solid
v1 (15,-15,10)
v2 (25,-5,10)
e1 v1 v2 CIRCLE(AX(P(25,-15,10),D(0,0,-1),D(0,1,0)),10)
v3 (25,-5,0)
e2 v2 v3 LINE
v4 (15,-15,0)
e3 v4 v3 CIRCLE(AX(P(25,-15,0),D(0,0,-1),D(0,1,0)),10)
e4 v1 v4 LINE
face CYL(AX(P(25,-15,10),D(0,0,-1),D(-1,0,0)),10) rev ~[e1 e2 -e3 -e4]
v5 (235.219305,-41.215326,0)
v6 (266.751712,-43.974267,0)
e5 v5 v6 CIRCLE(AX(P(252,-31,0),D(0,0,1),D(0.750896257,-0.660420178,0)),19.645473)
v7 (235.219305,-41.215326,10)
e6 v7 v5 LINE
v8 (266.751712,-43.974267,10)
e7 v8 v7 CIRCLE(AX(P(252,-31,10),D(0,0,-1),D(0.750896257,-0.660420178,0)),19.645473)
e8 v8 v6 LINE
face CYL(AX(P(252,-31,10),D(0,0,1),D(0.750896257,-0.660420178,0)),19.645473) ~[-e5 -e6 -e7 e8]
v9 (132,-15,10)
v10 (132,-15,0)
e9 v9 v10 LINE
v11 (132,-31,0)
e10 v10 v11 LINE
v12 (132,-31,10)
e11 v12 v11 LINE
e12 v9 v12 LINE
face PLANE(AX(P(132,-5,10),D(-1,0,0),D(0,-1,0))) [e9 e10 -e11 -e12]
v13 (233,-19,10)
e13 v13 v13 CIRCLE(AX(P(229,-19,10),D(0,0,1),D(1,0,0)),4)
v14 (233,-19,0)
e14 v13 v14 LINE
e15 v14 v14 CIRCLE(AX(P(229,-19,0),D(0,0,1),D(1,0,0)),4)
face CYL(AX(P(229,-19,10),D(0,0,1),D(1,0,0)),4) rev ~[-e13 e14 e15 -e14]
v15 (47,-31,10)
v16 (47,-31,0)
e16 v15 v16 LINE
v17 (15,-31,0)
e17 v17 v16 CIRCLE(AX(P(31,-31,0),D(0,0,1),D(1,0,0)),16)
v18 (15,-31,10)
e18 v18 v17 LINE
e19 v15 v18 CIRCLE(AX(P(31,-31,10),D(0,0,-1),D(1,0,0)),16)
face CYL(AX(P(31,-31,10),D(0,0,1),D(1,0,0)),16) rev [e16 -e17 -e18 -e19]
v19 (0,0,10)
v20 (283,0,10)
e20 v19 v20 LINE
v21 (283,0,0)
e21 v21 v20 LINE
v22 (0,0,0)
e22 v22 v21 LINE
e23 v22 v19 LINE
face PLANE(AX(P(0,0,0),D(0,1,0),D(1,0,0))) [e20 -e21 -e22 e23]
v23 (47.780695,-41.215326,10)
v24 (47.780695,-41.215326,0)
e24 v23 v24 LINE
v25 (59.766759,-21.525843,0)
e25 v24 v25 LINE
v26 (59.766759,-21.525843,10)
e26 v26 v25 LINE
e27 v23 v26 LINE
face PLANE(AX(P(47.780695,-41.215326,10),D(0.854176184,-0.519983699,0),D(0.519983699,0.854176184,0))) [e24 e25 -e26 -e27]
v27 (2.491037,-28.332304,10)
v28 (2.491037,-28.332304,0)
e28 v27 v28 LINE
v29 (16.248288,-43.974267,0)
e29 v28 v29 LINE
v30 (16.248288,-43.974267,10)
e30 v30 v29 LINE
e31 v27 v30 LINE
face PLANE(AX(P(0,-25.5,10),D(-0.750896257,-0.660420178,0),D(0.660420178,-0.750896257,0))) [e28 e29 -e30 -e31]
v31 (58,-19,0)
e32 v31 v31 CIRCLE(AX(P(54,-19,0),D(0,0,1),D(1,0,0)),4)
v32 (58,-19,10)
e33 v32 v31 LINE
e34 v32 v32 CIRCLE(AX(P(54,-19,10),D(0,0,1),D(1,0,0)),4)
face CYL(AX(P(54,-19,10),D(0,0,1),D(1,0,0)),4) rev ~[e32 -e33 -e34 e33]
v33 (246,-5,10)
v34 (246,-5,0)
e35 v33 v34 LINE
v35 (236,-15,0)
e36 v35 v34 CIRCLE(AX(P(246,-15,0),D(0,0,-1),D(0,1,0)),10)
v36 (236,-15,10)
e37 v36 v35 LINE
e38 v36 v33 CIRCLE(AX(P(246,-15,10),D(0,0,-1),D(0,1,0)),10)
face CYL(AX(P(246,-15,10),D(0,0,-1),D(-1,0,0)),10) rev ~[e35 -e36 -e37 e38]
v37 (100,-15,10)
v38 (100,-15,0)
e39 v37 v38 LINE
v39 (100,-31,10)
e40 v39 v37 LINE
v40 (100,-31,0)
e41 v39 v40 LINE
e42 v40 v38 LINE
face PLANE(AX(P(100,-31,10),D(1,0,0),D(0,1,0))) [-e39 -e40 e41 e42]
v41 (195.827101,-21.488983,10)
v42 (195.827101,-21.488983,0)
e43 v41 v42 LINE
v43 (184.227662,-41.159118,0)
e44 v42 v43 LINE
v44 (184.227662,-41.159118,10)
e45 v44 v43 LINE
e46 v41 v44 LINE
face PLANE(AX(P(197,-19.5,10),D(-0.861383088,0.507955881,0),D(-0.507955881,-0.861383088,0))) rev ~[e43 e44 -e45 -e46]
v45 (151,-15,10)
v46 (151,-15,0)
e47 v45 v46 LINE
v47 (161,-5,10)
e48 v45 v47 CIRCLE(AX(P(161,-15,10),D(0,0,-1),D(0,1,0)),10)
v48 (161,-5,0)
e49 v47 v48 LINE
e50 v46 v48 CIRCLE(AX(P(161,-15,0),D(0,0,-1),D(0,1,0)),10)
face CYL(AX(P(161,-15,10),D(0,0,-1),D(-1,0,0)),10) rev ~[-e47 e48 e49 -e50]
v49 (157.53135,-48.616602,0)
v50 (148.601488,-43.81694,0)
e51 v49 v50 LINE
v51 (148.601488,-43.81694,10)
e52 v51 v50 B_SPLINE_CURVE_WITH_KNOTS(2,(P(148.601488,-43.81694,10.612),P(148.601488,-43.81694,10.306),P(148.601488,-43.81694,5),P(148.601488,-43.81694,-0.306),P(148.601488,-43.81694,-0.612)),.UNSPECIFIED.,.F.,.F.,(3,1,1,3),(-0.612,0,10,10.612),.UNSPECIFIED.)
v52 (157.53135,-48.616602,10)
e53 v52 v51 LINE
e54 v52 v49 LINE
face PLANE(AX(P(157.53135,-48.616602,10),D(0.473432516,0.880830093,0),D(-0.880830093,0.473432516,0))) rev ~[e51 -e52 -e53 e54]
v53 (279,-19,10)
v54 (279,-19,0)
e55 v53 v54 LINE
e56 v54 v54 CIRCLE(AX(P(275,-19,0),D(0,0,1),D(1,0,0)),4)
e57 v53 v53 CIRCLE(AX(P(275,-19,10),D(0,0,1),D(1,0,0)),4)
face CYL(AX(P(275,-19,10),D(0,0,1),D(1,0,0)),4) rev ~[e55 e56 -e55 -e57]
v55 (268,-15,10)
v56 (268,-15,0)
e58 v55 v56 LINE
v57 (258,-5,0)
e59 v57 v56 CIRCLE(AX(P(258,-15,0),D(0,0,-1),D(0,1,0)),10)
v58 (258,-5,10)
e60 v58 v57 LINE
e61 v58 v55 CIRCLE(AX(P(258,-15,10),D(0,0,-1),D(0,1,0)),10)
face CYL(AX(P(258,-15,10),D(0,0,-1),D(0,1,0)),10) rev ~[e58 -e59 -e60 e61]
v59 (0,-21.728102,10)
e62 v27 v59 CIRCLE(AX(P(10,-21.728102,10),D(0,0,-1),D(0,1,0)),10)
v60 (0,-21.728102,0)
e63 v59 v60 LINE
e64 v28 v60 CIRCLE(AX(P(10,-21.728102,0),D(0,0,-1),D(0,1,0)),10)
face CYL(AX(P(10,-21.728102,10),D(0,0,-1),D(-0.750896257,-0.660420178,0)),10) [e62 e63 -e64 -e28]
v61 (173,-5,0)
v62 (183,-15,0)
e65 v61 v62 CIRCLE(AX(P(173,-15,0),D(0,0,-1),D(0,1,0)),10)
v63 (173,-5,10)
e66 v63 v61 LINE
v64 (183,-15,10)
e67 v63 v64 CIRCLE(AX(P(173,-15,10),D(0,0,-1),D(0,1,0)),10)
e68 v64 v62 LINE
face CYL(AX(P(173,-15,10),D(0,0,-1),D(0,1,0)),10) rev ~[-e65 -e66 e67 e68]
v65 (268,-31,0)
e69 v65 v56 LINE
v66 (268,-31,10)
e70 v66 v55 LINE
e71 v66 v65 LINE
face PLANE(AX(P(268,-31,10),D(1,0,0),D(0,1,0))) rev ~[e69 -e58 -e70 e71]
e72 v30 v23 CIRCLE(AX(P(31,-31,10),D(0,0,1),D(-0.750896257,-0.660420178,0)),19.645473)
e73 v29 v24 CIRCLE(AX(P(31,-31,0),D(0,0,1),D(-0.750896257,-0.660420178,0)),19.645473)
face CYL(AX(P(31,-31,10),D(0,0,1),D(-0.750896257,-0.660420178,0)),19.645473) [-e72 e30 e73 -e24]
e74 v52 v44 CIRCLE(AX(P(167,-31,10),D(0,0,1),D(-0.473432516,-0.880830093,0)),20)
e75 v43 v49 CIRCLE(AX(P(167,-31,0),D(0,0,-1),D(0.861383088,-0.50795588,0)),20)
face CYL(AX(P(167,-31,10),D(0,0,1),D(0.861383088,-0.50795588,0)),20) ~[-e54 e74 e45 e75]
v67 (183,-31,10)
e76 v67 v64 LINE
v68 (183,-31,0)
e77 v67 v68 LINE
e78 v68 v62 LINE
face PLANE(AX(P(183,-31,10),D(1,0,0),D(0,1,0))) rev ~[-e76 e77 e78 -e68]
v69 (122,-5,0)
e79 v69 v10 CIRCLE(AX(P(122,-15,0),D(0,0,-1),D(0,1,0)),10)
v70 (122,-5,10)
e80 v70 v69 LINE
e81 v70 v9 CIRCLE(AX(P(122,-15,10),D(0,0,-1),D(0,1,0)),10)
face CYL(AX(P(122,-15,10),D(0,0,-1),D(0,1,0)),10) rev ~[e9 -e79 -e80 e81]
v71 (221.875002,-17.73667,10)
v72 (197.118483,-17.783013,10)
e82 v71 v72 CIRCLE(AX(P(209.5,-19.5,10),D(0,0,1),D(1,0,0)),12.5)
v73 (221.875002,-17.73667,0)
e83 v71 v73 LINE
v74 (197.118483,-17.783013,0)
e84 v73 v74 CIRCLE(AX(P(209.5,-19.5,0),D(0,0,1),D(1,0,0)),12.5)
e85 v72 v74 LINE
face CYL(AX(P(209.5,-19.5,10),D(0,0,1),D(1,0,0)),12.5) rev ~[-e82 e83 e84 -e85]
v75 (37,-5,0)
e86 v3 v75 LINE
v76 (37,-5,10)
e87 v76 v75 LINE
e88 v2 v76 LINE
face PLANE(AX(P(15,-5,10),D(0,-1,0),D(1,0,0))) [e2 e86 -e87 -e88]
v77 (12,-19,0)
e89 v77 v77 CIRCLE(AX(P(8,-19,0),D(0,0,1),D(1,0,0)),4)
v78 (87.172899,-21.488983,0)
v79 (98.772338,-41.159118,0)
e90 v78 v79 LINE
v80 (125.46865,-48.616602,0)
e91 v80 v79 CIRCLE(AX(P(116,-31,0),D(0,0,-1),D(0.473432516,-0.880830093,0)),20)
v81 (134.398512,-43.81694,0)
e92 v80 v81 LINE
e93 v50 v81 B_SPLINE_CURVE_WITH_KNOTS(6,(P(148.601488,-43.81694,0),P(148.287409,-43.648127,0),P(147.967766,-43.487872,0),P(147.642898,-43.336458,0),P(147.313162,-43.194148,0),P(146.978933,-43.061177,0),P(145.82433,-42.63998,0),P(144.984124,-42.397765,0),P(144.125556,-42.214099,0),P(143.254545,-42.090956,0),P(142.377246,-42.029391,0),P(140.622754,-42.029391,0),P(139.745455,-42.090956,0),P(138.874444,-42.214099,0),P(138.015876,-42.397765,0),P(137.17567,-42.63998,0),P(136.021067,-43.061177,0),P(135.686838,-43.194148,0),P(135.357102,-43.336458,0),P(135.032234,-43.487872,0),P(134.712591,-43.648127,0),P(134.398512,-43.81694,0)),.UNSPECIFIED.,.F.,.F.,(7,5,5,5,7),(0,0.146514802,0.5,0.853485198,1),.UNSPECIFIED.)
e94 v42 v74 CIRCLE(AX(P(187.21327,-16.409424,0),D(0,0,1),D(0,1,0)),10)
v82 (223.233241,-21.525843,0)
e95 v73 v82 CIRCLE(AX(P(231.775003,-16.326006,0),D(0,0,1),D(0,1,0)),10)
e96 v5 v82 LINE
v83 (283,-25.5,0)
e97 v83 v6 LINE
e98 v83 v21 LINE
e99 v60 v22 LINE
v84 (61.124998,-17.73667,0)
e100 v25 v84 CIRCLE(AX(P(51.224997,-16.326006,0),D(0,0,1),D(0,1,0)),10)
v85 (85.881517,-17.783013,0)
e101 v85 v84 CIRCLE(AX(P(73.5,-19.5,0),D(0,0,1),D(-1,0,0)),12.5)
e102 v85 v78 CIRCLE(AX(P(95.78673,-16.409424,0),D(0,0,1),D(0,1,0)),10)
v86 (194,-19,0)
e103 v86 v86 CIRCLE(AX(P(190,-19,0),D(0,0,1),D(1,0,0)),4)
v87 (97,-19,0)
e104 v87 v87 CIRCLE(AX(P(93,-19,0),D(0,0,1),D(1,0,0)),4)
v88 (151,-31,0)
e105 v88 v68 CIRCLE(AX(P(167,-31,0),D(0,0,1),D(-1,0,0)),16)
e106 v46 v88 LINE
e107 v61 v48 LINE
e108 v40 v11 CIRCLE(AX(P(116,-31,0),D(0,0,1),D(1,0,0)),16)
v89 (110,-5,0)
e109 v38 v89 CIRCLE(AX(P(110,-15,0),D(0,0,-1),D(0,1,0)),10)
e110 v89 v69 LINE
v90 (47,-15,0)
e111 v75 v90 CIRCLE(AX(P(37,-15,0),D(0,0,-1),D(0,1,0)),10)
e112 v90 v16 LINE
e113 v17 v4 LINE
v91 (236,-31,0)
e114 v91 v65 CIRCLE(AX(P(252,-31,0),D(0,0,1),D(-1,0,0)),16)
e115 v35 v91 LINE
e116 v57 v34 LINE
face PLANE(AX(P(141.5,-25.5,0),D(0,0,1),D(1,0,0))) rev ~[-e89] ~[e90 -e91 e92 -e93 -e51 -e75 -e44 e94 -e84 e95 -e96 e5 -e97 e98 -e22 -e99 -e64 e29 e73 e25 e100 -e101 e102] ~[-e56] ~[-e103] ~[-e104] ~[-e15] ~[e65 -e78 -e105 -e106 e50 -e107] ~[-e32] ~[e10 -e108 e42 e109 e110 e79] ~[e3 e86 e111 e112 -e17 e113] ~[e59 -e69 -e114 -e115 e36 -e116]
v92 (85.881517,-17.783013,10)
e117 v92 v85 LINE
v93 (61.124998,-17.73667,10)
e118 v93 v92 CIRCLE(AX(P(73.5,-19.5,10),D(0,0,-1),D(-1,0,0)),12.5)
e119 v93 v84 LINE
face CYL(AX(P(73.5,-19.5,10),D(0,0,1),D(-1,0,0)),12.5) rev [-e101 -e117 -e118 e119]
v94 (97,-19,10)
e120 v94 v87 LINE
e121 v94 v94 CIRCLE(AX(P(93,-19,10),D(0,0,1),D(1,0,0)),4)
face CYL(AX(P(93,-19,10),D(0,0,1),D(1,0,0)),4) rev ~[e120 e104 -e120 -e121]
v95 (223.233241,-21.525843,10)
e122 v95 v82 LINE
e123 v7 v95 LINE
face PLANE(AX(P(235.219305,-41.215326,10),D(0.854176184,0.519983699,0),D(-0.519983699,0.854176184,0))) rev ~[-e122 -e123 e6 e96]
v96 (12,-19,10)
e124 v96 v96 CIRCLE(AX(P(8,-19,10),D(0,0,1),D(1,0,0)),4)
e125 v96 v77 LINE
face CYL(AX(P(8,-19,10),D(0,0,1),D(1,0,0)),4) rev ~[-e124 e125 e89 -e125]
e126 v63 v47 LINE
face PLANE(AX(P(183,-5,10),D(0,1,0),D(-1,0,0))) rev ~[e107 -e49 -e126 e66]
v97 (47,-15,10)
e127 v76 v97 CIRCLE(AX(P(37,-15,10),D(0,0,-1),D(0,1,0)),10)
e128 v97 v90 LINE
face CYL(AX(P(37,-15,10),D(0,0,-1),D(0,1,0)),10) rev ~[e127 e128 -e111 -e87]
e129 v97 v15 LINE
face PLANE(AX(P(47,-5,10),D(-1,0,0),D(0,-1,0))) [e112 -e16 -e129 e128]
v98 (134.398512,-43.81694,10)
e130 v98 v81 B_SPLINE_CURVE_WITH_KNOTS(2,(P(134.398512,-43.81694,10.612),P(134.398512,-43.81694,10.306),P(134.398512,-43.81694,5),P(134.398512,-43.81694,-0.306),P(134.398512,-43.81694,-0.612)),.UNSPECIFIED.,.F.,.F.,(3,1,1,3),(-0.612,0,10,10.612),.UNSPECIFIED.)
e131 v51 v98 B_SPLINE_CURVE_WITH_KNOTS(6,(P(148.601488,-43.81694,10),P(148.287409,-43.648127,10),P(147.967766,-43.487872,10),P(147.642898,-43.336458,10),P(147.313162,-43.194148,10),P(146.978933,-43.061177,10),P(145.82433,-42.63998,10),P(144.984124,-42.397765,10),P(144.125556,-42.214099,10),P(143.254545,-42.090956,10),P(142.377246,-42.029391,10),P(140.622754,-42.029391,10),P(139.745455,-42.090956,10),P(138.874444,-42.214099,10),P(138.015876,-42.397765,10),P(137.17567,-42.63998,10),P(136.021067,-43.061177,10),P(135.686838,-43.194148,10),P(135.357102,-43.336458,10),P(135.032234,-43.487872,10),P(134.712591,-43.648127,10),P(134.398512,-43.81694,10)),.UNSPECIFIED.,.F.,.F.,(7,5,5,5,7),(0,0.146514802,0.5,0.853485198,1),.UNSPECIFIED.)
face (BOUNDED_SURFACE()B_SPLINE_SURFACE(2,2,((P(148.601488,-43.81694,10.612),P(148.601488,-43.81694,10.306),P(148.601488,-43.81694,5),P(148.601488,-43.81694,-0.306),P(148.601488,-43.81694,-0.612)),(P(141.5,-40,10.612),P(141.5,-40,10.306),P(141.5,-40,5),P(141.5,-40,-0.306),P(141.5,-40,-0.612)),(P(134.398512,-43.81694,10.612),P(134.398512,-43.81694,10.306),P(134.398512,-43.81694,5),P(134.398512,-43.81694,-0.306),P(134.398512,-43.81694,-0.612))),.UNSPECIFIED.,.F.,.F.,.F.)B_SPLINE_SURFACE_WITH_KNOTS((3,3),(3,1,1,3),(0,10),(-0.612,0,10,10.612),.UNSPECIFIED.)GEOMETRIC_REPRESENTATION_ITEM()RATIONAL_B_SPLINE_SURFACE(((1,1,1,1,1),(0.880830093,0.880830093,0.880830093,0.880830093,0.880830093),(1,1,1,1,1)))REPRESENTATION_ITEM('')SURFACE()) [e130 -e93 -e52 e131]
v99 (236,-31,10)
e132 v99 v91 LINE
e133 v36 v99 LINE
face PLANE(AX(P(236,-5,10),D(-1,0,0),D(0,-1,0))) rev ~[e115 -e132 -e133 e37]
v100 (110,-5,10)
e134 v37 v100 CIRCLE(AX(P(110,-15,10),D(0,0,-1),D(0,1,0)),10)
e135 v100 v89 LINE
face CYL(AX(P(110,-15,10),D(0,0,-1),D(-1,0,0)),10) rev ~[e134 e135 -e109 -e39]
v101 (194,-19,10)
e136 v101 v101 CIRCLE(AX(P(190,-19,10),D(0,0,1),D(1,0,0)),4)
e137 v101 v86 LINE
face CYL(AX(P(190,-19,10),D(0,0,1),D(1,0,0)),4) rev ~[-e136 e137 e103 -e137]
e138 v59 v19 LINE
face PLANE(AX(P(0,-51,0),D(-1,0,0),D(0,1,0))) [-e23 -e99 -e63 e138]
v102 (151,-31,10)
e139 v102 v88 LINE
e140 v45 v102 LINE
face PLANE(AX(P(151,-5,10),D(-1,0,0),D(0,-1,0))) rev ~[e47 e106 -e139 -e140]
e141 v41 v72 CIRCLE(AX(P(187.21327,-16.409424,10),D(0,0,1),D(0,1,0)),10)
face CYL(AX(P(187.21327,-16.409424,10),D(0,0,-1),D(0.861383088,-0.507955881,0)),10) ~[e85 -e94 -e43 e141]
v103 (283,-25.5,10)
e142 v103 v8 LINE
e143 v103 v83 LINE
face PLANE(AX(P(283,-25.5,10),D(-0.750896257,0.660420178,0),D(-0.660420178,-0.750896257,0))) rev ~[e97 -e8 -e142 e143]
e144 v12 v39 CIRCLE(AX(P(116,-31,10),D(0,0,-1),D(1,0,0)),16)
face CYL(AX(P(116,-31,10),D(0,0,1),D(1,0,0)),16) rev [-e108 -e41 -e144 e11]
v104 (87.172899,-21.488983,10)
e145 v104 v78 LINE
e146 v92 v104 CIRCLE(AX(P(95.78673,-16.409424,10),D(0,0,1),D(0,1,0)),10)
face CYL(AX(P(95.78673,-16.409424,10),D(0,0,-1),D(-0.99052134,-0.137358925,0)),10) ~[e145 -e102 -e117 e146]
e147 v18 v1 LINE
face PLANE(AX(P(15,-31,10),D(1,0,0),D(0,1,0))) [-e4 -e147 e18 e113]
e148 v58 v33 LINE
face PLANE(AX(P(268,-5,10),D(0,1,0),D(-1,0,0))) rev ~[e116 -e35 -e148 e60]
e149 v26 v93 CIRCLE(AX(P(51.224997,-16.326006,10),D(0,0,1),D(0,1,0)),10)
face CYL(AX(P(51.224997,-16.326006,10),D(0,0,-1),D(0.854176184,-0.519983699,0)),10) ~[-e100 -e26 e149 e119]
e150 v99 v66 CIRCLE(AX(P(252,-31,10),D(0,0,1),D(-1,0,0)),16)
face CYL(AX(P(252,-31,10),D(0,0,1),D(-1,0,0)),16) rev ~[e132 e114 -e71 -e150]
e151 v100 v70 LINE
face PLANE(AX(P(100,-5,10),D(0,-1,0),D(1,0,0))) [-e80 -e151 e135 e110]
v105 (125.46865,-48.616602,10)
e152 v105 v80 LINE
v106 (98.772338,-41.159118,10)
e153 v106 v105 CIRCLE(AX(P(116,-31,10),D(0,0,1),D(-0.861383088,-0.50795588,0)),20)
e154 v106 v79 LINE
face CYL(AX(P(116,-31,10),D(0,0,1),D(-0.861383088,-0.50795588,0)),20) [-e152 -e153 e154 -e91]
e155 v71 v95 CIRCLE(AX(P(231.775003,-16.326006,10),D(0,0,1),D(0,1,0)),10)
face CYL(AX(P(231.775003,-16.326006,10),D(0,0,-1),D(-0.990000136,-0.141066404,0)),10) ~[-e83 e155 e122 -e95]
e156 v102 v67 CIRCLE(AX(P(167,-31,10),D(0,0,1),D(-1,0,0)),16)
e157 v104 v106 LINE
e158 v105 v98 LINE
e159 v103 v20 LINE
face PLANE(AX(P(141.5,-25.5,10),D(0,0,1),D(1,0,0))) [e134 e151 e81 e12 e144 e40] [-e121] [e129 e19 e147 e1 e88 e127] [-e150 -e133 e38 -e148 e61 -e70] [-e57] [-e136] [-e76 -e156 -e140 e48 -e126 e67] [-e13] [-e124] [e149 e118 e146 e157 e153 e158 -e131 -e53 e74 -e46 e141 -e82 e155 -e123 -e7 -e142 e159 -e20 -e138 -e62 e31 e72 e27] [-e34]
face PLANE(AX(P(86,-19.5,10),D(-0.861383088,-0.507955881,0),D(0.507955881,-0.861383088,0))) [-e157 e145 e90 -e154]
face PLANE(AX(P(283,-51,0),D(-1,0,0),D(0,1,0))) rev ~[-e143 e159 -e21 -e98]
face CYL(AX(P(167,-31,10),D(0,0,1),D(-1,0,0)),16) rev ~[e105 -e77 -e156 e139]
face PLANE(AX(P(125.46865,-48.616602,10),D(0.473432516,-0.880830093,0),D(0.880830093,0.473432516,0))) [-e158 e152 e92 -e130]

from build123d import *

# Parameters (mm, degrees)
CROQUIS2_W              = 283
CROQUIS2_H              = 51
SALIENTE_EXTRUIR1_DEPTH = 10
CROQUIS3_R              = 4
CORTAR_EXTRUIR1_DEPTH   = 20
REDONDEO1_R             = 10
REDONDEO2_R             = 10
CORTAR_EXTRUIR4_DEPTH   = 10
REDONDEO3_R             = 15
REDONDEO4_R             = 10


with BuildPart() as part:
    # Croquis2 → Saliente-Extruir1 (new body)
    with BuildSketch(Plane.XY):
        with Locations((141.5, -25.5)):
            Rectangle(CROQUIS2_W, CROQUIS2_H)
    extrude(amount=SALIENTE_EXTRUIR1_DEPTH)

    # Croquis3 → Cortar-Extruir1 (cut)
    with BuildSketch(Plane.XY.offset(10)):
        with Locations((8, -19)):
            Circle(CROQUIS3_R)
        with Locations((54, -19)):
            Circle(CROQUIS3_R)
        with Locations((93, -19)):
            Circle(CROQUIS3_R)
        with Locations((190, -19)):
            Circle(CROQUIS3_R)
        with Locations((229, -19)):
            Circle(CROQUIS3_R)
        with Locations((275, -19)):
            Circle(CROQUIS3_R)
        with BuildLine():
            Line((15, -31), (15, -5))
            Line((15, -5), (47, -5))
            Line((47, -5), (47, -31))
            ThreePointArc((47, -31), (31, -47), (15, -31))
        make_face()
        with BuildLine():
            Line((47.780695143, -41.215325703), (61, -19.5))
            ThreePointArc((61, -19.5), (73.5, -7), (86, -19.5))
            Line((86, -19.5), (98.77233825, -41.15911761))
            ThreePointArc((98.77233825, -41.15911761), (110.619100223, -50.262552209), (125.468650325, -48.616601858))
            Line((125.468650325, -48.616601858), (139.852321867, -40.885601446))
            Line((139.852321867, -40.885601446), (137.350385148, -76.220312807))
            Line((137.350385148, -76.220312807), (73.184426508, -72.914596395))
            Line((73.184426508, -72.914596395), (-5.481789583, -72.914596395))
            Line((-5.481789583, -72.914596395), (-5.481789583, -47.917494117))
            Line((-5.481789583, -47.917494117), (0, -25.5))
            Line((0, -25.5), (16.248287874, -43.974266764))
            ThreePointArc((16.248287874, -43.974266764), (32.712346917, -50.570704554), (47.780695143, -41.215325703))
        make_face()
        with BuildLine():
            Line((100, -31), (100, -5))
            Line((100, -5), (132, -5))
            Line((132, -5), (132, -31))
            ThreePointArc((132, -31), (116, -47), (100, -31))
        make_face()
        with BuildLine():
            Line((143.147678133, -40.885601446), (145.649614852, -76.220312807))
            Line((145.649614852, -76.220312807), (209.815573492, -72.914596395))
            Line((209.815573492, -72.914596395), (288.481789583, -72.914596395))
            Line((288.481789583, -72.914596395), (288.481789583, -47.917494117))
            Line((288.481789583, -47.917494117), (283, -25.5))
            Line((283, -25.5), (266.751712126, -43.974266764))
            ThreePointArc((266.751712126, -43.974266764), (250.287653083, -50.570704554), (235.219304857, -41.215325703))
            Line((235.219304857, -41.215325703), (222, -19.5))
            ThreePointArc((222, -19.5), (209.5, -7), (197, -19.5))
            Line((197, -19.5), (184.22766175, -41.15911761))
            ThreePointArc((184.22766175, -41.15911761), (172.380899777, -50.262552209), (157.531349675, -48.616601858))
            Line((157.531349675, -48.616601858), (143.147678133, -40.885601446))
        make_face()
        with BuildLine():
            Line((151, -5), (151, -31))
            ThreePointArc((151, -31), (167, -47), (183, -31))
            Line((183, -31), (183, -5))
            Line((183, -5), (151, -5))
        make_face()
        with BuildLine():
            Line((236, -5), (236, -31))
            ThreePointArc((236, -31), (252, -47), (268, -31))
            Line((268, -31), (268, -5))
            Line((268, -5), (236, -5))
        make_face()
    extrude(amount=-CORTAR_EXTRUIR1_DEPTH, mode=Mode.SUBTRACT)

    # Redondeo1
    redondeo1_edges = [part.edges().sort_by_distance(p)[0] for p in [
        (61, -19.5, 5),
    ]]
    fillet(redondeo1_edges, radius=REDONDEO1_R)

    # Redondeo2
    redondeo2_edges = [part.edges().sort_by_distance(p)[0] for p in [
        (0, -25.5, 5),
        (86, -19.5, 5),
        (47, -5, 5),
        (15, -5, 5),
        (132, -5, 5),
        (100, -5, 5),
    ]]
    fillet(redondeo2_edges, radius=REDONDEO2_R)

    # Croquis6 → Cortar-Extruir4 (cut)
    with BuildSketch(Plane.XY.offset(10)):
        Polygon((143.147678133, -40.885601446), (141.5, -40), (139.852321867, -40.885601446), (139.136153993, -51), (143.863846007, -51), align=None)
    extrude(amount=-CORTAR_EXTRUIR4_DEPTH, mode=Mode.SUBTRACT)

    # Redondeo3
    redondeo3_edges = [part.edges().sort_by_distance(p)[0] for p in [
        (141.5, -40, 5),
    ]]
    fillet(redondeo3_edges, radius=REDONDEO3_R)

    # Redondeo4
    redondeo4_edges = [part.edges().sort_by_distance(p)[0] for p in [
        (236, -5, 5),
        (268, -5, 5),
        (197, -19.5, 5),
        (222, -19.5, 5),
        (151, -5, 5),
        (183, -5, 5),
    ]]
    fillet(redondeo4_edges, radius=REDONDEO4_R)


solid = part.part
